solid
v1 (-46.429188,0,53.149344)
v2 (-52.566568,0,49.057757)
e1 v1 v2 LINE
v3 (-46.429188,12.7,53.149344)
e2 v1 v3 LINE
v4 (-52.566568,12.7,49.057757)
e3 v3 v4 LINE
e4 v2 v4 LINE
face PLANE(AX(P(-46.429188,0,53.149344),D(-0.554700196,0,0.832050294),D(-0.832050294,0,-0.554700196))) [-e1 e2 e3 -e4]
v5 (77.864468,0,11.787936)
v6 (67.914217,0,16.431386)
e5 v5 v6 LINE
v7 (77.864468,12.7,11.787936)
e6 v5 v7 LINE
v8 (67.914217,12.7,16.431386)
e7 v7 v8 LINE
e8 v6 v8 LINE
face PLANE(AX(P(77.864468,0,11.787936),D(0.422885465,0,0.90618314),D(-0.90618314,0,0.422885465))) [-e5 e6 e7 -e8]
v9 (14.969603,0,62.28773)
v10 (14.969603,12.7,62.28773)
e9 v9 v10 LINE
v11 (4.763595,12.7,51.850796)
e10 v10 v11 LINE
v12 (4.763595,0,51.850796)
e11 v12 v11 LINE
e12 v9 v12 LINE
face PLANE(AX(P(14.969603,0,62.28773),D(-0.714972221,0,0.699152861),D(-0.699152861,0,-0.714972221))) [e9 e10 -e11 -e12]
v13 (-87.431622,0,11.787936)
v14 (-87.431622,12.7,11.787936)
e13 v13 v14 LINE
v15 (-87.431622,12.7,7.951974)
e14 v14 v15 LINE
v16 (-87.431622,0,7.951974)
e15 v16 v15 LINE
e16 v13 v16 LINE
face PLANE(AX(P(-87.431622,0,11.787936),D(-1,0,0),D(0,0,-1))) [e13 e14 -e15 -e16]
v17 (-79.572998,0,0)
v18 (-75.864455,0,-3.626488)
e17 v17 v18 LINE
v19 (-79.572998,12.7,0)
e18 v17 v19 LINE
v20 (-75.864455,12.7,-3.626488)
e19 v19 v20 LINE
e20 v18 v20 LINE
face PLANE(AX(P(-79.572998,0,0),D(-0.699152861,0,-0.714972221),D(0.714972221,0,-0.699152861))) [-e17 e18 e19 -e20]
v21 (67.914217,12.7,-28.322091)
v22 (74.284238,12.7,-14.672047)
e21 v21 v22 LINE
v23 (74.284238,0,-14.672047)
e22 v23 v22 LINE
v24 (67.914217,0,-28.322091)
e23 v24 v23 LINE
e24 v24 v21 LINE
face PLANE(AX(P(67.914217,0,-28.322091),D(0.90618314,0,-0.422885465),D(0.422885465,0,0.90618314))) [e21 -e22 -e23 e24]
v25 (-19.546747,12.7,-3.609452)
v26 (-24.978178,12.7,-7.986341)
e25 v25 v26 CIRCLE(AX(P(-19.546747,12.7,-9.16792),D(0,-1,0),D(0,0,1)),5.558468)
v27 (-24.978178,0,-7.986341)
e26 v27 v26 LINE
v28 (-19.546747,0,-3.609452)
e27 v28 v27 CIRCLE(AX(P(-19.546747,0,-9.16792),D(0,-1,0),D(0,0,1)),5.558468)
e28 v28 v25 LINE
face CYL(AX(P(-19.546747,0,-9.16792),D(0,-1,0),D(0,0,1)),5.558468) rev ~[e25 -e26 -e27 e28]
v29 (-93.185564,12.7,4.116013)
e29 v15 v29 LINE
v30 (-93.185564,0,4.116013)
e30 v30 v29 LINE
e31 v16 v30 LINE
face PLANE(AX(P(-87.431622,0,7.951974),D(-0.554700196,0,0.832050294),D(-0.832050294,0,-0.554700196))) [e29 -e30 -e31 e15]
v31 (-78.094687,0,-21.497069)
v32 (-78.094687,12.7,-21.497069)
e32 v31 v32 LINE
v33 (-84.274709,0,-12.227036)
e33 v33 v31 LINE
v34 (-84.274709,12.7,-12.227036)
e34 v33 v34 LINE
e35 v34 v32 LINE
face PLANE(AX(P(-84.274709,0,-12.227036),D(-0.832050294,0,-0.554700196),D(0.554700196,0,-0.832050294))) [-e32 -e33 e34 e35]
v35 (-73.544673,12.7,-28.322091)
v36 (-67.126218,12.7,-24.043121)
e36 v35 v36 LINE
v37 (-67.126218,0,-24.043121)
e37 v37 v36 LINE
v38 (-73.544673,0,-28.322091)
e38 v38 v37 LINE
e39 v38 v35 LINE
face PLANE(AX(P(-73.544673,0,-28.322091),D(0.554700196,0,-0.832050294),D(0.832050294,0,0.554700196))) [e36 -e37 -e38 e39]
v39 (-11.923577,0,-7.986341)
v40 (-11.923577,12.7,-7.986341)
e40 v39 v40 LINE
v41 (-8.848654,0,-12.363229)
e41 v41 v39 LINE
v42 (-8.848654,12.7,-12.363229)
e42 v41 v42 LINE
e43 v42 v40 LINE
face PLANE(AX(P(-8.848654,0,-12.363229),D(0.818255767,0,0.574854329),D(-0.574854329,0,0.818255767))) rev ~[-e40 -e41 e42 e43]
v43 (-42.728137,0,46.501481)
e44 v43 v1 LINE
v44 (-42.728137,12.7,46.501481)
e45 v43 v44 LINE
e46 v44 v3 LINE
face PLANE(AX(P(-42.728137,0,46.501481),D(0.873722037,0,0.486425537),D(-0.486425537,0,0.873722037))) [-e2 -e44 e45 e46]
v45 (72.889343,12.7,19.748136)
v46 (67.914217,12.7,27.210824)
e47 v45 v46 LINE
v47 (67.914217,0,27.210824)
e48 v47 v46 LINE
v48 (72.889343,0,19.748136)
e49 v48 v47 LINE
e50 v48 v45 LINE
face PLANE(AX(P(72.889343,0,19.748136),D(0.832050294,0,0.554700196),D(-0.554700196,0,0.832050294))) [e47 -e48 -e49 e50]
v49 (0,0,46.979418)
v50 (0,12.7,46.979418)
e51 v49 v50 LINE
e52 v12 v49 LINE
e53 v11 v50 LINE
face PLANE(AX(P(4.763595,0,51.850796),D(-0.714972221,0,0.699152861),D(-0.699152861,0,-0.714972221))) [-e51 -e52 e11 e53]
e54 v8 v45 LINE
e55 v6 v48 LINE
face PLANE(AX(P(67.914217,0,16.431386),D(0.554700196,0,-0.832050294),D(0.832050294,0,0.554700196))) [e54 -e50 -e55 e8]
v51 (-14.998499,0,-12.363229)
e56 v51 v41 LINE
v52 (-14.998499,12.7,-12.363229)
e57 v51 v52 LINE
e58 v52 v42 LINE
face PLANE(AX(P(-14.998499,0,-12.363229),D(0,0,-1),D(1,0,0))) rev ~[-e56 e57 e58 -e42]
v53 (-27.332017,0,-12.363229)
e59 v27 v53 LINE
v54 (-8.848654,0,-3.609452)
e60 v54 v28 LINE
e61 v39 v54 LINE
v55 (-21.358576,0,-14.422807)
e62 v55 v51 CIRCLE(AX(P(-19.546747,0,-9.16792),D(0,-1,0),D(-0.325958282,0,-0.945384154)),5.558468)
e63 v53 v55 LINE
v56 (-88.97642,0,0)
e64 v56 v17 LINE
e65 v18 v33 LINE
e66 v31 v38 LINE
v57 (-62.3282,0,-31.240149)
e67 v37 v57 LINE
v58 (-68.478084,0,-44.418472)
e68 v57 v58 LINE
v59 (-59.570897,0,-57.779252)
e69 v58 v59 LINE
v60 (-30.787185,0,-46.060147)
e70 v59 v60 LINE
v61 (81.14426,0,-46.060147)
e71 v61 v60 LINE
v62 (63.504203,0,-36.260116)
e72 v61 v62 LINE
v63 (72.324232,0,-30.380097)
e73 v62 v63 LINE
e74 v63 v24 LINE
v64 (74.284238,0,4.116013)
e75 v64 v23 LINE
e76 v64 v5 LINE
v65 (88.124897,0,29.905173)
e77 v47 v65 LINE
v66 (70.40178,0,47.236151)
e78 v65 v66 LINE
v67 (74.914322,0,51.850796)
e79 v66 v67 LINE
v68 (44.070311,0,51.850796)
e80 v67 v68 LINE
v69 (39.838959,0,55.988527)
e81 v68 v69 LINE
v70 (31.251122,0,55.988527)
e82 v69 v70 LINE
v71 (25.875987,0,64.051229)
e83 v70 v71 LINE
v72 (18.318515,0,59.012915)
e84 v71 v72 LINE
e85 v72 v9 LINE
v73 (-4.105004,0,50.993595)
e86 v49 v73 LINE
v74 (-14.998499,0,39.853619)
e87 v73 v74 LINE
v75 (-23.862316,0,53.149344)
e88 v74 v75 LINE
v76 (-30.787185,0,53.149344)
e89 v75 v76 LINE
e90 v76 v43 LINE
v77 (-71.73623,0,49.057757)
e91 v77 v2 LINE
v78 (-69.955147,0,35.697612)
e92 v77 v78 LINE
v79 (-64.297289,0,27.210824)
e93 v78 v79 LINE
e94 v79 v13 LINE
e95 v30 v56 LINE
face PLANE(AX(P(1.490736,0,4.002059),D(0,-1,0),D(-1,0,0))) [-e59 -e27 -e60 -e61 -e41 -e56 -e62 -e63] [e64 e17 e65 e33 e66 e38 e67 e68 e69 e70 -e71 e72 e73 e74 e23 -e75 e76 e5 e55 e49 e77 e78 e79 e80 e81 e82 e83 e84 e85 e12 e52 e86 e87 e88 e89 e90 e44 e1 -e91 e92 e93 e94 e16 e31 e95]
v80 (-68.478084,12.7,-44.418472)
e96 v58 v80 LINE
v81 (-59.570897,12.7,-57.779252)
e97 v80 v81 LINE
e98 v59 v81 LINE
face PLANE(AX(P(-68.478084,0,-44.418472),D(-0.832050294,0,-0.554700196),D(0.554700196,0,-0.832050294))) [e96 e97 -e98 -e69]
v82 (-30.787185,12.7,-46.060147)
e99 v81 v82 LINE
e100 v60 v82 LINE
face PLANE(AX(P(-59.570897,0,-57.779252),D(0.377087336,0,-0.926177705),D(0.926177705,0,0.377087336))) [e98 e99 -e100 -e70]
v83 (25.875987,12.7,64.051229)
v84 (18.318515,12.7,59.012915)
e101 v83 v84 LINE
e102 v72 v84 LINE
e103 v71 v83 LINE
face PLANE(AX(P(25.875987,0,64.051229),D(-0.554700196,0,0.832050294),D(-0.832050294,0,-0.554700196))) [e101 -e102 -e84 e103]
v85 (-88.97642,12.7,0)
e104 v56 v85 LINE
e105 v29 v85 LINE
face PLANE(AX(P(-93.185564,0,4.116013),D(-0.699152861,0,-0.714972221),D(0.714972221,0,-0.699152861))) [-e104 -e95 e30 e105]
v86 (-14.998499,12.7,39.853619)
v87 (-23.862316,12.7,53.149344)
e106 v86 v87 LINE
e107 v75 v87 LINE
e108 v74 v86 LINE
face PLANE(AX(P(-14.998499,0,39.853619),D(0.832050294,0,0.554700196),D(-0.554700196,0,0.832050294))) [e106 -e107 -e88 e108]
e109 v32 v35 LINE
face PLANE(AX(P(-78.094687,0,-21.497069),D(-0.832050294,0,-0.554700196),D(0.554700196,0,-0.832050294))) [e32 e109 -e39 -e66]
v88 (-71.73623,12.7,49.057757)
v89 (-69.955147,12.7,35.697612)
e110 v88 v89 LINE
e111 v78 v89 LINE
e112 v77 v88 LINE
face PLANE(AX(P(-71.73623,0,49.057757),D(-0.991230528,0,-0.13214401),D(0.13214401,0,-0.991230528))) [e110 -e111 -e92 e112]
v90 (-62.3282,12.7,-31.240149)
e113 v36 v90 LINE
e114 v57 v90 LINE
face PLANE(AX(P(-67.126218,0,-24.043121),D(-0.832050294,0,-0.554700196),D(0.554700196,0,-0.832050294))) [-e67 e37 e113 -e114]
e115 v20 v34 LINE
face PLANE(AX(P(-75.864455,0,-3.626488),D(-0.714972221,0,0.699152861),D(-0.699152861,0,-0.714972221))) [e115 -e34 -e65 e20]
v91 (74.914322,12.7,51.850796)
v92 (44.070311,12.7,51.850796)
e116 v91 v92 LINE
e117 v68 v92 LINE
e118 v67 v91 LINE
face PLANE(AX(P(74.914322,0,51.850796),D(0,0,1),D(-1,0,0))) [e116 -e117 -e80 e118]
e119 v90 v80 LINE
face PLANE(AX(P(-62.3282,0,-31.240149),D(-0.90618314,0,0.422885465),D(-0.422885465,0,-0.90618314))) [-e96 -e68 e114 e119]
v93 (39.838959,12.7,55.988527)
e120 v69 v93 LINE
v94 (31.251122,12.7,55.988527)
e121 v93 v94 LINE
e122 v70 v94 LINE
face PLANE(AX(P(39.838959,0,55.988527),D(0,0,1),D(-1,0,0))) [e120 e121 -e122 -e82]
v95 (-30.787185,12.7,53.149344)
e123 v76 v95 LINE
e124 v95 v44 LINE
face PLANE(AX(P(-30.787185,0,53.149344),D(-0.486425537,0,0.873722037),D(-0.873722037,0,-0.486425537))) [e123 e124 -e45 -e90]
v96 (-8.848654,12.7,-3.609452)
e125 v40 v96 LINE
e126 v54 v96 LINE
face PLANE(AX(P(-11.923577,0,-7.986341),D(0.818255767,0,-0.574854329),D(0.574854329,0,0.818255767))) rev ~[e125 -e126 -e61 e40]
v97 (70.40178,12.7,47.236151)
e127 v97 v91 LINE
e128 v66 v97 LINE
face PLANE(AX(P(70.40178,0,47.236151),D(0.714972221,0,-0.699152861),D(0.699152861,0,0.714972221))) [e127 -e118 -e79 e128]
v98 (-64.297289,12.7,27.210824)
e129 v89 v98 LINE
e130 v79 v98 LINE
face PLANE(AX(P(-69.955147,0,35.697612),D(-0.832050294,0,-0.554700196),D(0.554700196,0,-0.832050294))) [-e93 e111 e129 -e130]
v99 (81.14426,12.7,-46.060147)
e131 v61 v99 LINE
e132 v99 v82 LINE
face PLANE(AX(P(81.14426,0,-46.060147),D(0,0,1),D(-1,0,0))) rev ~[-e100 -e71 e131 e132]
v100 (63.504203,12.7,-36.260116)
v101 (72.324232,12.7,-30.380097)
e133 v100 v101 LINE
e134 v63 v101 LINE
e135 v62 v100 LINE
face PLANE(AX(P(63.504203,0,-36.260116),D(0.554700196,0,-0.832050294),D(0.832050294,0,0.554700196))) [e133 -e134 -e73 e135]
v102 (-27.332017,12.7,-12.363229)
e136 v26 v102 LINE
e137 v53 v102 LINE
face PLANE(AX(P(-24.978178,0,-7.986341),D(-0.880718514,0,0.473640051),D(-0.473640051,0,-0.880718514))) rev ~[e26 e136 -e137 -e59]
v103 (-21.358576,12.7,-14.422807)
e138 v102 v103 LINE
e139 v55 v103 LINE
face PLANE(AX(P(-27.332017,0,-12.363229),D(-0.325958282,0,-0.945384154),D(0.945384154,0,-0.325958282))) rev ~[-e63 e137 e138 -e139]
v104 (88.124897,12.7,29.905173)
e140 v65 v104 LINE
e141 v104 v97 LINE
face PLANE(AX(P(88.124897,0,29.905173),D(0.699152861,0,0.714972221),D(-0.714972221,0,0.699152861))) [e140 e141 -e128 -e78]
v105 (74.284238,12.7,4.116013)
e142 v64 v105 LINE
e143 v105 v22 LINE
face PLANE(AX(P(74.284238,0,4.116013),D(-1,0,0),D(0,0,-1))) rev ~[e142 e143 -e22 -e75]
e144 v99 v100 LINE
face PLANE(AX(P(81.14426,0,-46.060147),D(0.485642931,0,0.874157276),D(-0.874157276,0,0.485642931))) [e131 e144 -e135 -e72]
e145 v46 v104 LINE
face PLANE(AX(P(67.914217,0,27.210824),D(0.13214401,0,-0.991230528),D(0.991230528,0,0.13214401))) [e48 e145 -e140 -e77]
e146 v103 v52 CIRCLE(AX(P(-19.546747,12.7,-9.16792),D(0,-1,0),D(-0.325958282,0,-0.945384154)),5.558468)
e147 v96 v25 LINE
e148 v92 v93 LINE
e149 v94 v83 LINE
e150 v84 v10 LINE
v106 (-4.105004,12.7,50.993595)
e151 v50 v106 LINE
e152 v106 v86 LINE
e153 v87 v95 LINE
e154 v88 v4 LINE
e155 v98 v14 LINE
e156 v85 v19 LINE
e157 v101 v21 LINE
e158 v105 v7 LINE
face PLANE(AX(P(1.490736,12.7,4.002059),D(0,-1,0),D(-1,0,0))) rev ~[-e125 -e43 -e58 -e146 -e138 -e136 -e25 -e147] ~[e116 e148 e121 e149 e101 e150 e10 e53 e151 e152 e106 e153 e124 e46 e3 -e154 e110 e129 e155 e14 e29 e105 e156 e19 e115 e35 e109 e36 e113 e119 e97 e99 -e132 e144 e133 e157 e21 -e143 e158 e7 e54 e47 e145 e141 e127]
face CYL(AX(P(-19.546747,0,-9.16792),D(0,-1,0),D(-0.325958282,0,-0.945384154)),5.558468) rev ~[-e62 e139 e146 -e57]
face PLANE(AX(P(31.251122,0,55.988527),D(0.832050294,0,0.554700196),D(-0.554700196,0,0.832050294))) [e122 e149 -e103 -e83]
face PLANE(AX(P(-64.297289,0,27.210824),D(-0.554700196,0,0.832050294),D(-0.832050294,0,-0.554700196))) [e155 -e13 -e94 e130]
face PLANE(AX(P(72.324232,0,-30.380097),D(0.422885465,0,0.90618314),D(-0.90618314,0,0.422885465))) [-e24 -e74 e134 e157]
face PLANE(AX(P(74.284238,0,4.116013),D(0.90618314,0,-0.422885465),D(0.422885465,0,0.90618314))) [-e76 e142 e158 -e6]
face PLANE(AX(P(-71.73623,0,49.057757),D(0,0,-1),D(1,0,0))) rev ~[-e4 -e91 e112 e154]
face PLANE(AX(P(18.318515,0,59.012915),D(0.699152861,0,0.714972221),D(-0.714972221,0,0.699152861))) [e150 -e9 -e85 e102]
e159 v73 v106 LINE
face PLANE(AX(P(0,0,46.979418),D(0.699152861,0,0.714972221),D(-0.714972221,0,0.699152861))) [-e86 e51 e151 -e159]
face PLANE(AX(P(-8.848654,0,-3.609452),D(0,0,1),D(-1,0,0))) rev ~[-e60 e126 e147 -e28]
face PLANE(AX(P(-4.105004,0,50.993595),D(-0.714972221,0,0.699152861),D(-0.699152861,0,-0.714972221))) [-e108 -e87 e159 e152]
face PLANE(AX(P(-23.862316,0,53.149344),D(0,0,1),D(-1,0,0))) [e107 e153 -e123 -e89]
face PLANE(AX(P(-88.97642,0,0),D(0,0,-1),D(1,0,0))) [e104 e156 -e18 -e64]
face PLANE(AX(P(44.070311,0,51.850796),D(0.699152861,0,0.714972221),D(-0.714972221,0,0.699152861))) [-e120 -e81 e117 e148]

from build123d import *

# Parameters (mm, degrees)
BOSS_EXTRUDE1_DEPTH = 12.7


with BuildPart() as part:
    # Sketch1 → Boss-Extrude1 (new body)
    with BuildSketch(Plane(origin=(0, 0, 0), x_dir=(1, 0, 0), z_dir=(0, 1, 0))):
        Polygon((-30.787184834, 46.060147433), (67.424215816, 46.060147433), (81.144259733, 46.060147433), (63.504203269, 36.260116064), (72.324231501, 30.380097243), (67.914217385, 28.322090655), (74.284237775, 14.672046963), (74.284237775, 9.604030741), (74.284237775, -4.116013175), (77.864468212, -11.787935542), (67.914217385, -16.431385928), (72.889342799, -19.748136204), (67.914217385, -27.210824325), (88.124897461, -29.905172646), (70.401780092, -47.236151197), (74.914322429, -51.850796426), (44.070310984, -51.850796426), (39.838958686, -55.98852651), (31.251122176, -55.98852651), (25.875987108, -64.051229112), (18.318515491, -59.012914701), (14.969602654, -62.287730036), (4.763594942, -51.850796426), (0, -46.979418158), (-4.105003947, -50.993595454), (-14.998499331, -39.853618754), (-23.862315978, -53.149343726), (-30.787184834, -53.149343726), (-42.728136767, -46.50148124), (-46.429188064, -53.149343726), (-52.566568213, -49.057756959), (-62.328199505, -49.057756959), (-71.736229619, -49.057756959), (-69.955147384, -35.697612338), (-64.297288709, -27.210824325), (-87.431621883, -11.787935542), (-87.431621883, -7.951974358), (-93.185563658, -4.116013175), (-88.976419646, 0), (-79.572998188, 0), (-75.864455296, 3.626488274), (-84.274708917, 12.227036224), (-78.094687193, 21.497068809), (-73.544672629, 28.322090655), (-67.126218046, 24.043120934), (-62.328199505, 31.240148746), (-68.47808372, 44.418472064), (-59.570897098, 57.779251997), align=None)
        with BuildLine():
            Line((-11.923576625, 7.986340539), (-8.84865392, 3.609452157))
            Line((-8.84865392, 3.609452157), (-19.546747498, 3.609452157))
            ThreePointArc((-19.546747498, 3.609452157), (-23.034496934, 4.839852529), (-24.978177568, 7.986340539))
            Line((-24.978177568, 7.986340539), (-27.332016626, 12.363228921))
            Line((-27.332016626, 12.363228921), (-21.358576046, 14.422806945))
            ThreePointArc((-21.358576046, 14.422806945), (-17.834303779, 14.456028923), (-14.998499331, 12.363228921))
            Line((-14.998499331, 12.363228921), (-8.84865392, 12.363228921))
            Line((-8.84865392, 12.363228921), (-11.923576625, 7.986340539))
        make_face(mode=Mode.SUBTRACT)
    extrude(amount=BOSS_EXTRUDE1_DEPTH)


solid = part.part
